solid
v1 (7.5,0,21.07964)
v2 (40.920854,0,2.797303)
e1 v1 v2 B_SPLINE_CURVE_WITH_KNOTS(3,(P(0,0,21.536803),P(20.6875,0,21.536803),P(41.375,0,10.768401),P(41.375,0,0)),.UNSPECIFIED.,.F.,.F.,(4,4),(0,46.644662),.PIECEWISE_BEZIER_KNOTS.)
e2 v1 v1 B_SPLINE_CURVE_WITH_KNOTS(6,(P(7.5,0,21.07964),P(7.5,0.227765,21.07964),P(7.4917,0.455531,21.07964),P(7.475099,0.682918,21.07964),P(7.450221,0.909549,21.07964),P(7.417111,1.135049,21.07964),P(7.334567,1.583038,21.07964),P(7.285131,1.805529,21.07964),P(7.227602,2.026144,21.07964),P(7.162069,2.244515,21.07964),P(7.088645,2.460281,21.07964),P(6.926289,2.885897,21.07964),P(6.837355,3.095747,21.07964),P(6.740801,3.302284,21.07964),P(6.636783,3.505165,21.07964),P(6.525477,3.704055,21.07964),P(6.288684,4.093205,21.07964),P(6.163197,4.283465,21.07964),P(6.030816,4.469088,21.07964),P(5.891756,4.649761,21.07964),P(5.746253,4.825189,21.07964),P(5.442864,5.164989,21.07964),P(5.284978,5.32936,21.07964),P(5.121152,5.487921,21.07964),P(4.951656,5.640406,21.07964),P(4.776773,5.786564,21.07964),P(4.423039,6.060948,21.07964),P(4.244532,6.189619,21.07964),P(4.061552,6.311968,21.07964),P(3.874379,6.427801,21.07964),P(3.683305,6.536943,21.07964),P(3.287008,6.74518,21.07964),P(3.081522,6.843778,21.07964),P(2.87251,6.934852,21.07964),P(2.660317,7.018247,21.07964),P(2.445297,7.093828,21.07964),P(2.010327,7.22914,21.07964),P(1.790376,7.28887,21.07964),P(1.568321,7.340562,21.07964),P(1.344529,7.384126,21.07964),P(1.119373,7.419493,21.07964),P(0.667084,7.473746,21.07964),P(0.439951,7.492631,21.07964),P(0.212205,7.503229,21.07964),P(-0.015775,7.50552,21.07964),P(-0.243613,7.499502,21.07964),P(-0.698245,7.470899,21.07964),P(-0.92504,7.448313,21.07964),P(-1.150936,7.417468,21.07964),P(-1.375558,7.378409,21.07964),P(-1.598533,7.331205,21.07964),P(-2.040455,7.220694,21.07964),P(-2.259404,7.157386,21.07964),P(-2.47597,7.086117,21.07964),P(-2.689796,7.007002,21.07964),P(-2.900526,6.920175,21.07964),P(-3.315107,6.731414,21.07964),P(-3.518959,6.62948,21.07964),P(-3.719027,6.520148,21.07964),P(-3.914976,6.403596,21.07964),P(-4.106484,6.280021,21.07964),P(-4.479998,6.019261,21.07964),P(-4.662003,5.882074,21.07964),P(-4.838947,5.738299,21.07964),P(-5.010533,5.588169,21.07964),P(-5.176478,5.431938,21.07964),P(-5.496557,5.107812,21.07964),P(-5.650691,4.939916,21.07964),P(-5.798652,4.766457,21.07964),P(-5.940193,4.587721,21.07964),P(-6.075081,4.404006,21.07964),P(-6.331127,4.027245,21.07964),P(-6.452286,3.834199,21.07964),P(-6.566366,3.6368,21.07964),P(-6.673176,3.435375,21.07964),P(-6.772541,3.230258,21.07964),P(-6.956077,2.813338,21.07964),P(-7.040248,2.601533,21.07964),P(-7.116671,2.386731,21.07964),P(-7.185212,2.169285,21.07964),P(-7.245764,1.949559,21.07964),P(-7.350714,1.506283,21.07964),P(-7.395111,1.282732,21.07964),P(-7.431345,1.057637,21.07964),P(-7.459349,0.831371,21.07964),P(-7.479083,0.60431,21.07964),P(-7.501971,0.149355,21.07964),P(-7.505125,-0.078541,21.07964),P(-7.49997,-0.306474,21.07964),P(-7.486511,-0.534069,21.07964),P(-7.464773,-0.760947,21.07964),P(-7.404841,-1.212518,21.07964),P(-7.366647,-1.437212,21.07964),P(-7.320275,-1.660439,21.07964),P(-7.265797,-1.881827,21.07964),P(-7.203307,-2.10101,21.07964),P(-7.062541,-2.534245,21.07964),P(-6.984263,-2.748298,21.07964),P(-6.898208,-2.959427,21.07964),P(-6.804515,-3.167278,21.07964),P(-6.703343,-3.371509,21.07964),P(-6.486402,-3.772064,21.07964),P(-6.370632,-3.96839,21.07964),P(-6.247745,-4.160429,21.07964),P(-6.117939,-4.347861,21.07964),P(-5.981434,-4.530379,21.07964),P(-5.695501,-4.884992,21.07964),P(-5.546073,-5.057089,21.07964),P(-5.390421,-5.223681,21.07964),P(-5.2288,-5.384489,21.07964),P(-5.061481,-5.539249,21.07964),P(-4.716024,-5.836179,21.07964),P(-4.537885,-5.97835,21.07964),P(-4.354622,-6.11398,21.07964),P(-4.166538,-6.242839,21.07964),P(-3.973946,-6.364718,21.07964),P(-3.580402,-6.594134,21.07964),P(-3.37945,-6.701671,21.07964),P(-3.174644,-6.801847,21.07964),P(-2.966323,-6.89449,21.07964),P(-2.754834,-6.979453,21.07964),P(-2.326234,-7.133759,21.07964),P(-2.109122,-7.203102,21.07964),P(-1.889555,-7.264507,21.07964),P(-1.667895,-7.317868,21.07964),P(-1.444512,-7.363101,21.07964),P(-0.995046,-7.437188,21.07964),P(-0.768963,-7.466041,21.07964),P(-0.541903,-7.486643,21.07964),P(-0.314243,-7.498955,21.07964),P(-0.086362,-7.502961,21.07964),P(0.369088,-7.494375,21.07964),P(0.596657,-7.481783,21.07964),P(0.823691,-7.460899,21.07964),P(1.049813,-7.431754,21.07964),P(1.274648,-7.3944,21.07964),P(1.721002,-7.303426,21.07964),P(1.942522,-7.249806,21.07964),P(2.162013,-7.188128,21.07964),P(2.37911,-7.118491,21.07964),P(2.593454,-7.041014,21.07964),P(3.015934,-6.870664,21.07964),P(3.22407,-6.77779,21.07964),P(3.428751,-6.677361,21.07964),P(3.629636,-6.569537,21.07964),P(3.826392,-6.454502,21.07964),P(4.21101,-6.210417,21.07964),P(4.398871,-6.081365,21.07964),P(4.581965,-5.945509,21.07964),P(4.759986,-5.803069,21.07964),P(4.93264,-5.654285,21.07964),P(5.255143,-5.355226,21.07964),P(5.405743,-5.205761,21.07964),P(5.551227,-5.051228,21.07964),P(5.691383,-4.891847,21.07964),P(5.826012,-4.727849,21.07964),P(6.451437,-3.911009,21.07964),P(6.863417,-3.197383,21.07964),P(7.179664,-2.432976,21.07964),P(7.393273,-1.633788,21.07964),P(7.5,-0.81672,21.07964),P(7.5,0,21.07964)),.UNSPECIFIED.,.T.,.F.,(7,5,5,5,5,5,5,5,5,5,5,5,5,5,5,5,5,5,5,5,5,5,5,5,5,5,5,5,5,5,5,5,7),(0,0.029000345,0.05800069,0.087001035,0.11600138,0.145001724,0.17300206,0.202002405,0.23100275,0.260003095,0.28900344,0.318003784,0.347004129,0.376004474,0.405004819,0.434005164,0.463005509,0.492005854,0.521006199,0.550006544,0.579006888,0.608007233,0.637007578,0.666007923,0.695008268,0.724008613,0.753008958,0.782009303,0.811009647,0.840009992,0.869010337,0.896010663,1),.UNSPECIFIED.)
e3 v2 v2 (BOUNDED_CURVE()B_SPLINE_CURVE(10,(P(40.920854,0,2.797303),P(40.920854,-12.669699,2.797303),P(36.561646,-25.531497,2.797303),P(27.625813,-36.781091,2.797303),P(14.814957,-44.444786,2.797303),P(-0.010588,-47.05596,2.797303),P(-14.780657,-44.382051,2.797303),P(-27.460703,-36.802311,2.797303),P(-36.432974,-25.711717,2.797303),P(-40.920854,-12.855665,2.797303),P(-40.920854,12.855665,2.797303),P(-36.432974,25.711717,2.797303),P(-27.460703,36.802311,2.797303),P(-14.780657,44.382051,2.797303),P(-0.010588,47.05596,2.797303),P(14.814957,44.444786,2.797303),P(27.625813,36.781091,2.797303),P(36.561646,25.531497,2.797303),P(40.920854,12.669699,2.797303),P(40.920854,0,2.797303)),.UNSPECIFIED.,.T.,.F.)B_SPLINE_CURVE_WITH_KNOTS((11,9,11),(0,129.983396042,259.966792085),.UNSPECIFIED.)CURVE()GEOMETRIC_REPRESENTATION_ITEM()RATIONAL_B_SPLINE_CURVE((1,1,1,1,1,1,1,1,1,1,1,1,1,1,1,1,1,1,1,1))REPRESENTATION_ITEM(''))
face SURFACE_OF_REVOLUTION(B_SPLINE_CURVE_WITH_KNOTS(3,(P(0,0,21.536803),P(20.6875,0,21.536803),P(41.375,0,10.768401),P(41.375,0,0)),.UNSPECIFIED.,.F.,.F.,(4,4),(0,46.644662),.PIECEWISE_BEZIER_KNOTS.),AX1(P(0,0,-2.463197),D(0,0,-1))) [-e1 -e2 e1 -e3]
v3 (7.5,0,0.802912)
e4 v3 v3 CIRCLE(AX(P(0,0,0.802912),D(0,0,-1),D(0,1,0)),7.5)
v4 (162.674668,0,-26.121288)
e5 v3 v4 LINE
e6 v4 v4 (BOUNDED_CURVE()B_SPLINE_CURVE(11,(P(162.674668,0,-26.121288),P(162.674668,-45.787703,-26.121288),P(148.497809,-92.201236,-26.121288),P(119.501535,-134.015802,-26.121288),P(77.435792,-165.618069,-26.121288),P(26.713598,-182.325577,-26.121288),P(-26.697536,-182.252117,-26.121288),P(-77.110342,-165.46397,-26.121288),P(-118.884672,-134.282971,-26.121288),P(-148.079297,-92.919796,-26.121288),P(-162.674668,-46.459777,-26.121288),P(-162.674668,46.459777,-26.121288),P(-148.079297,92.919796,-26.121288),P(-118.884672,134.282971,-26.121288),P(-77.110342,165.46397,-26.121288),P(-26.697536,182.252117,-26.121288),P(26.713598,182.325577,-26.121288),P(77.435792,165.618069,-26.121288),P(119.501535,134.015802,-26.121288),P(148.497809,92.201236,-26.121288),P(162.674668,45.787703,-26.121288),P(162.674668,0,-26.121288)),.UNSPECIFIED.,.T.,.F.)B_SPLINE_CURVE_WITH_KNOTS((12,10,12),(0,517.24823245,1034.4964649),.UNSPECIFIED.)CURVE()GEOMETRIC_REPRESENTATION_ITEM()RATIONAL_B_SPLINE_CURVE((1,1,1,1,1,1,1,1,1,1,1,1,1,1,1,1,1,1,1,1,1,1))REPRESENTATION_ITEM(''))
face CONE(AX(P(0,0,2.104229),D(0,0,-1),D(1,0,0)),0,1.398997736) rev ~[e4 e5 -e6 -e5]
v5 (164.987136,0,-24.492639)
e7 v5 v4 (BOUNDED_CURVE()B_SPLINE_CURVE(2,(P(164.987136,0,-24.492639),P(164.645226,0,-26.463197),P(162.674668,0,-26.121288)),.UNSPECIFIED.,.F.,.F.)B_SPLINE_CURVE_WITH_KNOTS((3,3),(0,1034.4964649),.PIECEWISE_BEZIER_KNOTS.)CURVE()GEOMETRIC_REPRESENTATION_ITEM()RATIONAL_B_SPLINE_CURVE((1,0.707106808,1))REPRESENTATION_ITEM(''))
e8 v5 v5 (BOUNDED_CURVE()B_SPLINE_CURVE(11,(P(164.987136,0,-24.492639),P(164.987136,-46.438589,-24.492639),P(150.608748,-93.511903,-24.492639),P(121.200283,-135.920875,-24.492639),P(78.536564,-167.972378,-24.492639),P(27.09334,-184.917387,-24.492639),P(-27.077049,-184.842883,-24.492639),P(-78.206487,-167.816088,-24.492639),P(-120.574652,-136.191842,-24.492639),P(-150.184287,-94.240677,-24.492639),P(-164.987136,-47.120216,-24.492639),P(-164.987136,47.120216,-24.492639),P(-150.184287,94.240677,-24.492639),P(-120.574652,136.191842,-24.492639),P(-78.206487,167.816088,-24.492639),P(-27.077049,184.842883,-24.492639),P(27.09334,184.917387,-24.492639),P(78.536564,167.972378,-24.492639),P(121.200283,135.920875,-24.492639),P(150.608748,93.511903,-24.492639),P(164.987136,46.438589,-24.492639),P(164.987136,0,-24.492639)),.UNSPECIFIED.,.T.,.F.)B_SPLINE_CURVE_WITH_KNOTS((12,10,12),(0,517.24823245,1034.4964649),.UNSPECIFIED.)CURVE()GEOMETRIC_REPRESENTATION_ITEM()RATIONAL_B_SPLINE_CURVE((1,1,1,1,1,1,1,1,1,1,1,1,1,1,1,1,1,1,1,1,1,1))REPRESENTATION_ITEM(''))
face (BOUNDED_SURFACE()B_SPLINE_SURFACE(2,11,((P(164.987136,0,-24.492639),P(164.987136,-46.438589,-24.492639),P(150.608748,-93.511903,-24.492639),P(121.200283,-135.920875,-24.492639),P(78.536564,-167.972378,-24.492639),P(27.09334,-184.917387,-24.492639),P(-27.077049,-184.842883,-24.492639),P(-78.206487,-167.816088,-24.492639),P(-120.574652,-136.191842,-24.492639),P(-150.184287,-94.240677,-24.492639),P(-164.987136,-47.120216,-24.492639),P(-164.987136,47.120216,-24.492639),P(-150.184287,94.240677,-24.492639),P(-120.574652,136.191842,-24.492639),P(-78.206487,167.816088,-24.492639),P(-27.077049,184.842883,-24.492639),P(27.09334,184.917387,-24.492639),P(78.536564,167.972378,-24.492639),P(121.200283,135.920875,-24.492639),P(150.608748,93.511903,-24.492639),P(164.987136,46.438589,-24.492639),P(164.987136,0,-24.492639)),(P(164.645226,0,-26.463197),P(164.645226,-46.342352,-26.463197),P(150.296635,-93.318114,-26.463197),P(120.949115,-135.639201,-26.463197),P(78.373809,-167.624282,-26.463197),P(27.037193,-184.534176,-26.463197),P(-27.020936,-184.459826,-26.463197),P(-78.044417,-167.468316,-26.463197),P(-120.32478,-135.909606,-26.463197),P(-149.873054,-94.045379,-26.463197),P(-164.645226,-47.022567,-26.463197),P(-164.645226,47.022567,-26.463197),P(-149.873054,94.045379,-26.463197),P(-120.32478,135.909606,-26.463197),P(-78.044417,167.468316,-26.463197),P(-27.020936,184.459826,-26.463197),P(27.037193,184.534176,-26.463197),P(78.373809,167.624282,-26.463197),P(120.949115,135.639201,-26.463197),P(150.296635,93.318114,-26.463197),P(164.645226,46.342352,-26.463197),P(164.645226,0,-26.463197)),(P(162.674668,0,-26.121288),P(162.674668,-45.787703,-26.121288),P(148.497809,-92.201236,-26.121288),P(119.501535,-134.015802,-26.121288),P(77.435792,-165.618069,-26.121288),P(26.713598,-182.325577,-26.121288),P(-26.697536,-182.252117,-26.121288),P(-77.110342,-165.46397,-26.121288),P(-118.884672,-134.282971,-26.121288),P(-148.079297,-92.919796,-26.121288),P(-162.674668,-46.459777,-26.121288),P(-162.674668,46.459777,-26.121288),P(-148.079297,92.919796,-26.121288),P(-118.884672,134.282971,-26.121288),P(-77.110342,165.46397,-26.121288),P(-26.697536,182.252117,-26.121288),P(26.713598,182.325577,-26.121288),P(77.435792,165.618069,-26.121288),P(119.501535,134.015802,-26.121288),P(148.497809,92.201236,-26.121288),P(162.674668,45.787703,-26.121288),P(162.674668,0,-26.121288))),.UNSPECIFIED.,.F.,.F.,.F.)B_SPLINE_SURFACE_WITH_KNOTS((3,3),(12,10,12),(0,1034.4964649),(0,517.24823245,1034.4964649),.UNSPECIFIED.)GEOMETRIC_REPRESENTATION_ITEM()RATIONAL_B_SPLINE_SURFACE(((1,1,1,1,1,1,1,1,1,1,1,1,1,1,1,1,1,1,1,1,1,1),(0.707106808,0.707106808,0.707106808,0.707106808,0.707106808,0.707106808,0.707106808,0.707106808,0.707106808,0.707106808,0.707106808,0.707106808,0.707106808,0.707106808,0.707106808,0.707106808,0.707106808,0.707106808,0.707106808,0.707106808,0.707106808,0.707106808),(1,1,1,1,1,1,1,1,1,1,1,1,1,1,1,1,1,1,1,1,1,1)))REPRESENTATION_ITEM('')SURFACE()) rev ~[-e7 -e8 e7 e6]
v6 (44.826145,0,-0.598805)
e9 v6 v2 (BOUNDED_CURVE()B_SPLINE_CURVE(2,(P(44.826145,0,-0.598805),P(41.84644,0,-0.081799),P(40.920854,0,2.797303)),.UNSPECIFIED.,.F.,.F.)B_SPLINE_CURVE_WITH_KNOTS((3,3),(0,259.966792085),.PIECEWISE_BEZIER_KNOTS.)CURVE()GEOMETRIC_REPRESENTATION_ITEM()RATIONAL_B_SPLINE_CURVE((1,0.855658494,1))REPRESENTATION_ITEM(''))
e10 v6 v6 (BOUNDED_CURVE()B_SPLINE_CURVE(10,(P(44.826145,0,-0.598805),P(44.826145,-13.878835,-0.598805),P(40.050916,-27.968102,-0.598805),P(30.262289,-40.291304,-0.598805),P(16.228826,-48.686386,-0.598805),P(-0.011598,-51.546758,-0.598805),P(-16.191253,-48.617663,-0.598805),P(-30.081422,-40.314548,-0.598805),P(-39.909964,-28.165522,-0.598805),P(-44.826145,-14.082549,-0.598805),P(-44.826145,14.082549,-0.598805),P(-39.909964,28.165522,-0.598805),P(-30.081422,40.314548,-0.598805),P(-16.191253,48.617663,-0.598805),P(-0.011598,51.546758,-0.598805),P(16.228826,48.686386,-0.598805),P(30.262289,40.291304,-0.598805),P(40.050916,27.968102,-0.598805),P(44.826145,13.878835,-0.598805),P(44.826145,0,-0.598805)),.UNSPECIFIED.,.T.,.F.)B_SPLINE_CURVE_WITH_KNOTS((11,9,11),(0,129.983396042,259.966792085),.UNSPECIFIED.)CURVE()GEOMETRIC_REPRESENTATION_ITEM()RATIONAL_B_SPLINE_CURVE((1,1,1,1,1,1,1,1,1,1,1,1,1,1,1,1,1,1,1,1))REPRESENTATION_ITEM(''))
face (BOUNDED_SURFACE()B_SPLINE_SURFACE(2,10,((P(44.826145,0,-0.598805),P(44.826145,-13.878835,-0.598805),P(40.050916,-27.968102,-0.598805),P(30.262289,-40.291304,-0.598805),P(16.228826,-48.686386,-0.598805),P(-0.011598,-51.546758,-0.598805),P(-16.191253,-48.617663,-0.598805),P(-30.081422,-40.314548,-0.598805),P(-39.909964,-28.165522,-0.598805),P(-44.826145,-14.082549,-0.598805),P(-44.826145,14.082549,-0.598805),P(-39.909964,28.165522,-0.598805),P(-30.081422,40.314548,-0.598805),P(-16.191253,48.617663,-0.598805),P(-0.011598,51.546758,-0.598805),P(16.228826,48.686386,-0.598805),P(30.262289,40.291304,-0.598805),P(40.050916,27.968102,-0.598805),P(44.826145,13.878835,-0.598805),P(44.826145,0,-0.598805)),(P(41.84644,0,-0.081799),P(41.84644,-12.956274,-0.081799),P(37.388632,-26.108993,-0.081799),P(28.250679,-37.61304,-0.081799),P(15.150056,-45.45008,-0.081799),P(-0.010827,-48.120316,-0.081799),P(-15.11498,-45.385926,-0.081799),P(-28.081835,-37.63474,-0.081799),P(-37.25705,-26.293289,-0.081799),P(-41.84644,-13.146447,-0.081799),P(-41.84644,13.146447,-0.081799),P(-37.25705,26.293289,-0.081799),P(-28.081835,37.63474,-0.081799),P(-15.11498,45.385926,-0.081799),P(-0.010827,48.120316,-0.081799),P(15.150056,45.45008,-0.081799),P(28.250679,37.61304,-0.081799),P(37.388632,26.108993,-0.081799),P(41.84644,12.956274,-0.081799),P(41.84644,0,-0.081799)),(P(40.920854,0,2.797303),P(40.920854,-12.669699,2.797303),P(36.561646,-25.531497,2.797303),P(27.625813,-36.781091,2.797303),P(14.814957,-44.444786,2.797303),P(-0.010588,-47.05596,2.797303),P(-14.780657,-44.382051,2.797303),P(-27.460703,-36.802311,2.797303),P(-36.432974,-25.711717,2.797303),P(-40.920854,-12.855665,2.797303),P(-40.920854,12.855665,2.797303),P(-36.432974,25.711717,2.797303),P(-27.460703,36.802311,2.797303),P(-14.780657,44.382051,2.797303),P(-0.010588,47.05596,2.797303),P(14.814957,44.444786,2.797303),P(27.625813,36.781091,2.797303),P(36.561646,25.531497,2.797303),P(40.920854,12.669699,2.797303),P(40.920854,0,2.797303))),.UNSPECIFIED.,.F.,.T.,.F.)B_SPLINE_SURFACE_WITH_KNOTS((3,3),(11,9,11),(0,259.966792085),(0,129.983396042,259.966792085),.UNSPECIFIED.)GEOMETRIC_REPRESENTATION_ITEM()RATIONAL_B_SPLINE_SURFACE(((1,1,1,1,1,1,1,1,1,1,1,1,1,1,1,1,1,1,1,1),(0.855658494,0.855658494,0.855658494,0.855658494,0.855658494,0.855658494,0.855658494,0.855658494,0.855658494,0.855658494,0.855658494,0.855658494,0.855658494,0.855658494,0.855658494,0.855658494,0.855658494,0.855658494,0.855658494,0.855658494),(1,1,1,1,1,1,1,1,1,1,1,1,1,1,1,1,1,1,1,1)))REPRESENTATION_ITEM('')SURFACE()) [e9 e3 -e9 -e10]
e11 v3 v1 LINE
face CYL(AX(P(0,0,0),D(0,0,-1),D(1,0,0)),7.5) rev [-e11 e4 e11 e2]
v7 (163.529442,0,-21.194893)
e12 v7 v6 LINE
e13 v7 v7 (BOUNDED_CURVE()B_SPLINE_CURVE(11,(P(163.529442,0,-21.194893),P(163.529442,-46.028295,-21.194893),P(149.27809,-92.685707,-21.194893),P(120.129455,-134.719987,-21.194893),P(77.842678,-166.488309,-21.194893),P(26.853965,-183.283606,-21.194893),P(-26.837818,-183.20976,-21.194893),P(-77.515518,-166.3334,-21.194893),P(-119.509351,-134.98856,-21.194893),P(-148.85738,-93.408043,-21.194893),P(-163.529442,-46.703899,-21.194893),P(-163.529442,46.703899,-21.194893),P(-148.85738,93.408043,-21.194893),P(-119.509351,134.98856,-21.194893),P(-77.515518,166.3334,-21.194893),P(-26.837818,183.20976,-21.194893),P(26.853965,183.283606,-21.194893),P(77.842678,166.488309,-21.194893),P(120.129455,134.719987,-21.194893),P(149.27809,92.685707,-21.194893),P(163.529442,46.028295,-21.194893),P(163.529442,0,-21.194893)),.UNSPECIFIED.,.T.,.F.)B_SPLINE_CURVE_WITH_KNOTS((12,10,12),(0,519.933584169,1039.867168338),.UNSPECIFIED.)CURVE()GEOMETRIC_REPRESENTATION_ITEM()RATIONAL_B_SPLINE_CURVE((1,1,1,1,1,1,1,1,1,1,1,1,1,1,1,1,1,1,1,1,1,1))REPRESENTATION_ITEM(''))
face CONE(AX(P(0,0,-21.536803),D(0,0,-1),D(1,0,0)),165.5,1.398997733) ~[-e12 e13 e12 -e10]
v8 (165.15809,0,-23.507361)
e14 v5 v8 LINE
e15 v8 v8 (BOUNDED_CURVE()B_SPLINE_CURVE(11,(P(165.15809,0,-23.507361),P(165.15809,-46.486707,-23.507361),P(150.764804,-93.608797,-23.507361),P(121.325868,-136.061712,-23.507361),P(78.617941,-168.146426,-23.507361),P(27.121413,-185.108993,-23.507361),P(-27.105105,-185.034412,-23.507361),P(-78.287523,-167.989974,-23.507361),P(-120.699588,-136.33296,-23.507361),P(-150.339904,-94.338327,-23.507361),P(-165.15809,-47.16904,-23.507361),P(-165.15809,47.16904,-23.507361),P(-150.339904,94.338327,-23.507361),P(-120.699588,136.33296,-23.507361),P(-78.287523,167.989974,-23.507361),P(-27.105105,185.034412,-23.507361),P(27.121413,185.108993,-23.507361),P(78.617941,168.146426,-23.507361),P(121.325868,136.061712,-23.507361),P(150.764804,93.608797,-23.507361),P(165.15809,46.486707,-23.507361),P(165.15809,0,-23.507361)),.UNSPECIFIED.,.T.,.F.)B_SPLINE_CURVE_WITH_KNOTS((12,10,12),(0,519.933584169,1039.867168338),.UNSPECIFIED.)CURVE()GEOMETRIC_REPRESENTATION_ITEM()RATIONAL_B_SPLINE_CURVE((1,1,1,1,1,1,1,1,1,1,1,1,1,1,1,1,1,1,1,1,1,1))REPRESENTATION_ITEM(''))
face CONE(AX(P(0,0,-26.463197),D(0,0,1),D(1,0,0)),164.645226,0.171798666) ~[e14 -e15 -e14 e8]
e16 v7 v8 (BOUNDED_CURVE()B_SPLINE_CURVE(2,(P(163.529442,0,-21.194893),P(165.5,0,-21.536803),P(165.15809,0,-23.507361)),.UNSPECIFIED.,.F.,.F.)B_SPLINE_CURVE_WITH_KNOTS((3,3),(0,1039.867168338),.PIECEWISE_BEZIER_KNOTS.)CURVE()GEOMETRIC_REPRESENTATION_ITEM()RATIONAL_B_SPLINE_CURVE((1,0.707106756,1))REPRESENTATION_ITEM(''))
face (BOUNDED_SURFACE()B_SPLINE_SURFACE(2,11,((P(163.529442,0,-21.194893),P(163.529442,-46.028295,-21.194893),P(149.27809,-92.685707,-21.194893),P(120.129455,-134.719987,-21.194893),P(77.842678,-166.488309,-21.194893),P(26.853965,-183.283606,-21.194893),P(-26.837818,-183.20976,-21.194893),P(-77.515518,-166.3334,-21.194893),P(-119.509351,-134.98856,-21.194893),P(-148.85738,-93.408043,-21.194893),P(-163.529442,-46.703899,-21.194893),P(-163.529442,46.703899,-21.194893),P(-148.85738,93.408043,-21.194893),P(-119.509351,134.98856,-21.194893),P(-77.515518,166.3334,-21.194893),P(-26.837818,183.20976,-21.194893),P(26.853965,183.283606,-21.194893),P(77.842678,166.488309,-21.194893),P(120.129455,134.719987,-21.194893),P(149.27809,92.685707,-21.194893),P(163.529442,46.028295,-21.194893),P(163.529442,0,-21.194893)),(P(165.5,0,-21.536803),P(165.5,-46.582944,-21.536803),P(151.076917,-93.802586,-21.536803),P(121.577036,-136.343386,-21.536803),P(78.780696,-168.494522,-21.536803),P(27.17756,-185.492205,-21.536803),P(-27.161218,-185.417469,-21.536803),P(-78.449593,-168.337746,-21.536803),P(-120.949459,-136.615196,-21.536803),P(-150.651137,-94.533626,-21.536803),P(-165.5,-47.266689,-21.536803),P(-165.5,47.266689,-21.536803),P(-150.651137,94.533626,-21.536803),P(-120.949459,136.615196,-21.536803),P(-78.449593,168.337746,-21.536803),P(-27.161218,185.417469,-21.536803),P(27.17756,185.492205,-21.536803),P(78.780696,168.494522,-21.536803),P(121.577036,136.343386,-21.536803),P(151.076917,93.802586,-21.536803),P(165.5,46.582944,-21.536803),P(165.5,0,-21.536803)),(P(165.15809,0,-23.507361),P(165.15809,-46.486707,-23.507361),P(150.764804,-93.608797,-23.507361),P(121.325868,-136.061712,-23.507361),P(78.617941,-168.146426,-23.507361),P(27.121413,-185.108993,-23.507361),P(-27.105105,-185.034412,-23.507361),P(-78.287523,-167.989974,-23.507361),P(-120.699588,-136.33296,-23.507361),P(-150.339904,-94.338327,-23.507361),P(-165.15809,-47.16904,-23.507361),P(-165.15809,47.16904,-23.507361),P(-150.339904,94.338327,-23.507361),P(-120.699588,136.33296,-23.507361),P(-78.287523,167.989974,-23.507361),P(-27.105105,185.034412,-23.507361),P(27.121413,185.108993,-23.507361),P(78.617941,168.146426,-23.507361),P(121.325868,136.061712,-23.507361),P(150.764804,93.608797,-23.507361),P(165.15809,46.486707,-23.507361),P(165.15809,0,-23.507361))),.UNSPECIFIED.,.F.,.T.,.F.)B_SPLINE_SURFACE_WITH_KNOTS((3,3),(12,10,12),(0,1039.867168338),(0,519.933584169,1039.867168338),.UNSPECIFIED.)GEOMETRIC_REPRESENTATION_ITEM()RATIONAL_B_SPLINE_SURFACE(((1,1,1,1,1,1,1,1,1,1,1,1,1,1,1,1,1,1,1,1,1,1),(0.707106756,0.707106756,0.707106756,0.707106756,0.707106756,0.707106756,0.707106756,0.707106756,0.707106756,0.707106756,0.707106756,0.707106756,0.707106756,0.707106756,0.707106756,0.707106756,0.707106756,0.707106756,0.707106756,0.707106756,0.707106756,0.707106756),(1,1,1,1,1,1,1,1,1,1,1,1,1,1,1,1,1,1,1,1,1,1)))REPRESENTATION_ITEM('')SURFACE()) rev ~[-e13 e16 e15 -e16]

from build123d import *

# Parameters (mm, degrees)
F2_R          = 7.5
F3_DEPTH      = 21.537803
F3_DEPTH_BACK = 26.464197
F4_R          = 2
F5_R          = 5


with BuildPart() as f1:
    # F0 (on Front) → F1 (revolve)
    with BuildSketch(Plane.XZ):
        with BuildLine():
            Line((165.5, -21.536803), (41.375, 0))
            add(Edge.make_bspline(
                [(0, 21.536803), (20.6875, 21.536803), (41.375, 10.768401), (41.375, 0)],
                knots=[0, 0, 0, 0, 46.644662, 46.644662, 46.644662, 46.644662], degree=3))
            Line((0, 21.536803), (0, 2.104229))
            Line((0, 2.104229), (164.645226, -26.463197))
            Line((164.645226, -26.463197), (165.5, -21.536803))
        make_face()
    revolve(axis=Axis((0, 0, -2.463197), (0, 0, -1)))

    # F2 (on Top) → F3 (cut, two sides)
    with BuildSketch(Plane.XY) as f3_sk:
        Circle(F2_R)
    extrude(amount=F3_DEPTH, mode=Mode.SUBTRACT)
    extrude(f3_sk.sketch, amount=-F3_DEPTH_BACK, mode=Mode.SUBTRACT)

    # F4
    f4_edges = [f1.edges().sort_by_distance(p)[0] for p in [
        (-164.645226, 0, -26.463197),
        (-165.5, 0, -21.536803),
    ]]
    fillet(f4_edges, radius=F4_R)

    # F5
    f5_edges = [f1.edges().sort_by_distance(p)[0] for p in [
        (-41.375, 0, 0),
    ]]
    fillet(f5_edges, radius=F5_R)


solid = f1.part
